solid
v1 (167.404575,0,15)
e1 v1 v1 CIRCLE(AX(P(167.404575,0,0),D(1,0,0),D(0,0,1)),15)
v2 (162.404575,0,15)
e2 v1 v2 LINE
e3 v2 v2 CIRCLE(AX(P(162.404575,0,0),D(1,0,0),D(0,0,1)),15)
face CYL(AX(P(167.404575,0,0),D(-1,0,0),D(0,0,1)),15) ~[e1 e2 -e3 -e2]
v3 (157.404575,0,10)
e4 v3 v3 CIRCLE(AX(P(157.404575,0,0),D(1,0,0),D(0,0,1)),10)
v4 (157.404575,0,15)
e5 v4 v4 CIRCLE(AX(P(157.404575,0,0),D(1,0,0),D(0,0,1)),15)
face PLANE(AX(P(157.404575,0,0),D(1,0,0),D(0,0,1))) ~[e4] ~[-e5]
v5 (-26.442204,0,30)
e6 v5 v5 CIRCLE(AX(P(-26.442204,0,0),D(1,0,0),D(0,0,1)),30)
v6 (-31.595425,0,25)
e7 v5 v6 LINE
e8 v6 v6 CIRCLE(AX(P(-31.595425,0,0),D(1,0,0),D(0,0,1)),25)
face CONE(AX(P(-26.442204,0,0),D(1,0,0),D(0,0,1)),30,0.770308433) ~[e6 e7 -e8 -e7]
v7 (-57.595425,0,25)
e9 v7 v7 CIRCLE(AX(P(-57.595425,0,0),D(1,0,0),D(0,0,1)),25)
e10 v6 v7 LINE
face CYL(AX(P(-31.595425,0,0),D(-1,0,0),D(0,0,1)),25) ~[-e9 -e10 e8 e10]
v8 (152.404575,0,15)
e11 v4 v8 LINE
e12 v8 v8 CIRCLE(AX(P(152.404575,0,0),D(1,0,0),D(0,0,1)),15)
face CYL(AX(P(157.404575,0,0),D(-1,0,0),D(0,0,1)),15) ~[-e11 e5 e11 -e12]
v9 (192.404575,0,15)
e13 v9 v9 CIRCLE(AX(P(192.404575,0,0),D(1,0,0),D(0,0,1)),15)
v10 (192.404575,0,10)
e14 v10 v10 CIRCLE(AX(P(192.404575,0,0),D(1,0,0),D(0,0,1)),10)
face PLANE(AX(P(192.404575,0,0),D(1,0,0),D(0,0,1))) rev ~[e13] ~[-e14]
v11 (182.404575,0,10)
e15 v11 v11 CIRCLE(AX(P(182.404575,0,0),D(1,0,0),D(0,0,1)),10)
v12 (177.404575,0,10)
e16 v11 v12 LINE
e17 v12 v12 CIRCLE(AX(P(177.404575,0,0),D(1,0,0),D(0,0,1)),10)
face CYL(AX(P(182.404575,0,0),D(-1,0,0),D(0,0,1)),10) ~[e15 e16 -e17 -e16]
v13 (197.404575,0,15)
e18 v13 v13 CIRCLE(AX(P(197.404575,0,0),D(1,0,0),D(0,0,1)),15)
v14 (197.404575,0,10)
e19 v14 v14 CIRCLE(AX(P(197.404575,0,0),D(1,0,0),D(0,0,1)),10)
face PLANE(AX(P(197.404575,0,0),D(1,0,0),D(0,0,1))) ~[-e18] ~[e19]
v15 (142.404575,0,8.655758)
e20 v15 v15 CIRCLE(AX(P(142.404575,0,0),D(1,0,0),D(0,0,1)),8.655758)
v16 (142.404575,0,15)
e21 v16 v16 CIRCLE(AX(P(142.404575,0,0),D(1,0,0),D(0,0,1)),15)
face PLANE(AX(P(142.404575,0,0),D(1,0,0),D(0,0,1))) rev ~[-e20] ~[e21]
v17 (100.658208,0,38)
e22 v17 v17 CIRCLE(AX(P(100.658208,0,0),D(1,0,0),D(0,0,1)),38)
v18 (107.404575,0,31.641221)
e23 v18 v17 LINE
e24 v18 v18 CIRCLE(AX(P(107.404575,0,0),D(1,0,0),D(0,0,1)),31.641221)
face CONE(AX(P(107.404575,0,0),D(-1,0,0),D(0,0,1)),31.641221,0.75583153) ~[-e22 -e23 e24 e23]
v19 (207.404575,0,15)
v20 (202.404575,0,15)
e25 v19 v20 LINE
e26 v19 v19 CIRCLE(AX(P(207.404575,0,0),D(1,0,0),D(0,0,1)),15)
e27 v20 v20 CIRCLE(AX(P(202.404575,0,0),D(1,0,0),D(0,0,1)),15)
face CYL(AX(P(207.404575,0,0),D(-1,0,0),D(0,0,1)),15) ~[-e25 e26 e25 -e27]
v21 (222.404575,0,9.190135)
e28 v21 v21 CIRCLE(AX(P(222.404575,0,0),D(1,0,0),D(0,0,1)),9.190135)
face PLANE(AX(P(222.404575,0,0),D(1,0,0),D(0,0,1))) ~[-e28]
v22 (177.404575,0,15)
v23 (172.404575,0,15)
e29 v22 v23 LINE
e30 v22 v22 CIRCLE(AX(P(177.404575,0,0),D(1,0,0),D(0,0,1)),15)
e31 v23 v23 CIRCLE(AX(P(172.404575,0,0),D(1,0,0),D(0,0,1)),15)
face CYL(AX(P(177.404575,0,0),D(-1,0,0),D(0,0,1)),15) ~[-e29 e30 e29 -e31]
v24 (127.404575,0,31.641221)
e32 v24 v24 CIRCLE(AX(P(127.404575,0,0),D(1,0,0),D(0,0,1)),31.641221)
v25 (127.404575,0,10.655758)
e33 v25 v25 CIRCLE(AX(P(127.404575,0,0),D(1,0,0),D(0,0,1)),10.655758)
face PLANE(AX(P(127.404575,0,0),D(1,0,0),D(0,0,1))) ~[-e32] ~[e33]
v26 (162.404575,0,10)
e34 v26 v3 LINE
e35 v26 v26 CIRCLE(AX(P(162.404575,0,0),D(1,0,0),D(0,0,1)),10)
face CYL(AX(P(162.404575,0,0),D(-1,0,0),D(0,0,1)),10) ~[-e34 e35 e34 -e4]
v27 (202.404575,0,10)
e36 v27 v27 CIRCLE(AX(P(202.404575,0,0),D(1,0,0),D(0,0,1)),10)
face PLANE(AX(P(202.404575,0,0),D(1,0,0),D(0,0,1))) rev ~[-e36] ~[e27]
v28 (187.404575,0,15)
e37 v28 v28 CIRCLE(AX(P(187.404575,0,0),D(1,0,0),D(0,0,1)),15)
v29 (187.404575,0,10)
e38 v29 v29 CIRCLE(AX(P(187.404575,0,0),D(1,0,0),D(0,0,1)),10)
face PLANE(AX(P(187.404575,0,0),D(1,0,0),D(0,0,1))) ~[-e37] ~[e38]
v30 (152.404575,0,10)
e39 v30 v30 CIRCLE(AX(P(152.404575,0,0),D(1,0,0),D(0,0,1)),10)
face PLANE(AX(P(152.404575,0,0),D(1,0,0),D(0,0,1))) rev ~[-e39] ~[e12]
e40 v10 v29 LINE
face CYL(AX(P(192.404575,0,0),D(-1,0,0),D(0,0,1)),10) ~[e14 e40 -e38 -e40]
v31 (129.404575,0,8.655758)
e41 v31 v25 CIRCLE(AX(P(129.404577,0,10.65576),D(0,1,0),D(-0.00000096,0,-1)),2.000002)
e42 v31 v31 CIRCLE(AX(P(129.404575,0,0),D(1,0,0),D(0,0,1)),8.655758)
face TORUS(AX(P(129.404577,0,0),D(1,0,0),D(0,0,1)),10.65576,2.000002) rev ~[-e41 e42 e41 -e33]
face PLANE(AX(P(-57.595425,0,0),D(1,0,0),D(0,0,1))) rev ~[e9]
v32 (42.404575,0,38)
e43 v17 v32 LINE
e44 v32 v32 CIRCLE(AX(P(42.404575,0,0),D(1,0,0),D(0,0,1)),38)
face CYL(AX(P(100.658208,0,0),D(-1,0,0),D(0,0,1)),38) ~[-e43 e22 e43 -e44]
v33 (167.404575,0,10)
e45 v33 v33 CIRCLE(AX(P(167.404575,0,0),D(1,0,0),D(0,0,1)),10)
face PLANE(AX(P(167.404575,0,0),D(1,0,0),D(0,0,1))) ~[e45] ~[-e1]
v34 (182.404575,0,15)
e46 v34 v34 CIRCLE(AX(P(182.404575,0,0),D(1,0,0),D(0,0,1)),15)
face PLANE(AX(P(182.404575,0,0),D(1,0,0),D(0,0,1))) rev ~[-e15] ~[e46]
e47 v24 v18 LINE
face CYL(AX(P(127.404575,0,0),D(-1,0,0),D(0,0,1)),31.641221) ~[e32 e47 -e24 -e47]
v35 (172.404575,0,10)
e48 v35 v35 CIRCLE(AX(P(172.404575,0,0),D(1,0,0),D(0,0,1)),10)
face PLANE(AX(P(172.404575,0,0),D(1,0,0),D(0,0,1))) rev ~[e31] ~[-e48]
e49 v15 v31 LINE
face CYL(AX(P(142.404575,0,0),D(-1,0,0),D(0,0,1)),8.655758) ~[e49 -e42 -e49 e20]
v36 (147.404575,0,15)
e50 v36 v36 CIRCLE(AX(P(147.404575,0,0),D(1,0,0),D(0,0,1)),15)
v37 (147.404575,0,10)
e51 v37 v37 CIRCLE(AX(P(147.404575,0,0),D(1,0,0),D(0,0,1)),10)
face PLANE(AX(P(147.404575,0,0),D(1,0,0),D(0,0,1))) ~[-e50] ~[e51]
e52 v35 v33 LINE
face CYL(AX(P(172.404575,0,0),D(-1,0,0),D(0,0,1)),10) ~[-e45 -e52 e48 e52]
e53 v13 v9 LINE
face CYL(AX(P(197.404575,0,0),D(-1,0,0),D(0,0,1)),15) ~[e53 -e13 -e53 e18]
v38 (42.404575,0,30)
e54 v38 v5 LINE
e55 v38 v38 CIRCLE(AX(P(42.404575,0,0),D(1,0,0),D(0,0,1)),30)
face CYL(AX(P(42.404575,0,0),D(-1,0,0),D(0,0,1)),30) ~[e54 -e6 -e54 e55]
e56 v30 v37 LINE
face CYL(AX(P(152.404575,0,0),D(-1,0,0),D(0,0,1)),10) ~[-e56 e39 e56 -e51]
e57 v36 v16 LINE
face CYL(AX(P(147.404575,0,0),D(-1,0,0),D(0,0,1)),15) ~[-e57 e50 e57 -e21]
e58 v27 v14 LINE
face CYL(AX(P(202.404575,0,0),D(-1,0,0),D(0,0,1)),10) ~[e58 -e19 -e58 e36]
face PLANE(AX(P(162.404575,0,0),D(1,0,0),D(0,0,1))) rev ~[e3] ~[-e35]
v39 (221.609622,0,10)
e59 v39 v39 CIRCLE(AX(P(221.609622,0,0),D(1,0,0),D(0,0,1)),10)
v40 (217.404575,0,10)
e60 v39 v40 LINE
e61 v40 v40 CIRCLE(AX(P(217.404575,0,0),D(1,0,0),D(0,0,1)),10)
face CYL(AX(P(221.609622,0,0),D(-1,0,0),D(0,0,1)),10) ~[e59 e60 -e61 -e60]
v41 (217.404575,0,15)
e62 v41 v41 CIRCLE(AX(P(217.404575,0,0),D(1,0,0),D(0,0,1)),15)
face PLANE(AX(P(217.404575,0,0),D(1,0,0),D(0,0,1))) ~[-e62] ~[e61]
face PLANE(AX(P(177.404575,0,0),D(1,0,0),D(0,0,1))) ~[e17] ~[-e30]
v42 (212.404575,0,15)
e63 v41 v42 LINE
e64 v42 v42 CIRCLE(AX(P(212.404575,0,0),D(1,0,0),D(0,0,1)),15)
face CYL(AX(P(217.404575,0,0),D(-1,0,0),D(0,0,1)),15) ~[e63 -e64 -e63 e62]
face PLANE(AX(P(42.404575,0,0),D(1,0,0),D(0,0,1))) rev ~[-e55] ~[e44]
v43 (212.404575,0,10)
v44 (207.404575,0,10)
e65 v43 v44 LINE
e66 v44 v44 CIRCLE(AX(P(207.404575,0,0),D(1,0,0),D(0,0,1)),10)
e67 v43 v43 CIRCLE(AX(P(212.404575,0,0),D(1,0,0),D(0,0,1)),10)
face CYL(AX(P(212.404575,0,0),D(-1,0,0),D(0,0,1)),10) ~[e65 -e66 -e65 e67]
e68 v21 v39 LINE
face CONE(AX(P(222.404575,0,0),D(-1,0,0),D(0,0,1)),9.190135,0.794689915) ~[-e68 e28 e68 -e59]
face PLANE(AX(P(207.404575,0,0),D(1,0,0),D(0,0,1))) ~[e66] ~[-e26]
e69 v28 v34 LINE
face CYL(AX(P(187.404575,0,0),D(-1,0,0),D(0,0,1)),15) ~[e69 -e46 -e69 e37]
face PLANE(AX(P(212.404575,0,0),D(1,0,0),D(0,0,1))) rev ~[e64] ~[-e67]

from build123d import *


with BuildPart() as f1:
    # F0 (on Front) → F1 (revolve)
    with BuildSketch(Plane.XZ):
        with BuildLine():
            Line((-57.595425, 25), (-57.595425, 0))
            Line((-57.595425, 0), (197.404575, 0))
            Line((197.404575, 0), (202.404575, 0))
            Line((202.404575, 0), (222.404575, 0))
            Line((222.404575, 0), (222.404575, 9.190135))
            Line((222.404575, 9.190135), (221.609622, 10))
            Line((221.609622, 10), (217.404575, 10))
            Line((217.404575, 10), (217.404575, 15))
            Line((217.404575, 15), (212.404575, 15))
            Line((212.404575, 15), (212.404575, 10))
            Line((212.404575, 10), (207.404575, 10))
            Line((207.404575, 10), (207.404575, 15))
            Line((207.404575, 15), (202.404575, 15))
            Line((202.404575, 15), (202.404575, 10))
            Line((202.404575, 10), (197.404575, 10))
            Line((197.404575, 10), (197.404575, 15))
            Line((197.404575, 15), (192.404575, 15))
            Line((192.404575, 15), (192.404575, 10))
            Line((192.404575, 10), (187.404575, 10))
            Line((187.404575, 10), (187.404575, 15))
            Line((187.404575, 15), (182.404575, 15))
            Line((182.404575, 15), (182.404575, 10))
            Line((182.404575, 10), (177.404575, 10))
            Line((177.404575, 10), (177.404575, 15))
            Line((177.404575, 15), (172.404575, 15))
            Line((172.404575, 15), (172.404575, 10))
            Line((172.404575, 10), (167.404575, 10))
            Line((167.404575, 10), (167.404575, 15))
            Line((167.404575, 15), (162.404575, 15))
            Line((162.404575, 15), (162.404575, 10))
            Line((162.404575, 10), (157.404575, 10))
            Line((157.404575, 10), (157.404575, 15))
            Line((157.404575, 15), (152.404575, 15))
            Line((152.404575, 15), (152.404575, 10))
            Line((152.404575, 10), (147.404575, 10))
            Line((147.404575, 10), (147.404575, 15))
            Line((147.404575, 15), (142.404575, 15))
            Line((142.404575, 15), (142.404575, 8.655758))
            Line((142.404575, 8.655758), (138.748817, 8.655758))
            Line((138.748817, 8.655758), (129.404575, 8.655758))
            ThreePointArc((129.404575, 8.655758), (127.990362, 9.241545), (127.404575, 10.655758))
            Line((127.404575, 10.655758), (127.404575, 15))
            Line((127.404575, 15), (127.404575, 31.641221))
            Line((127.404575, 31.641221), (107.404575, 31.641221))
            Line((107.404575, 31.641221), (100.658208, 38))
            Line((100.658208, 38), (42.404575, 38))
            Line((42.404575, 38), (42.404575, 30))
            Line((42.404575, 30), (-26.442204, 30))
            Line((-26.442204, 30), (-31.595425, 25))
            Line((-31.595425, 25), (-57.595425, 25))
        make_face()
    revolve(axis=Axis((82.404575, 0, 0), (1, 0, 0)))


solid = f1.part
